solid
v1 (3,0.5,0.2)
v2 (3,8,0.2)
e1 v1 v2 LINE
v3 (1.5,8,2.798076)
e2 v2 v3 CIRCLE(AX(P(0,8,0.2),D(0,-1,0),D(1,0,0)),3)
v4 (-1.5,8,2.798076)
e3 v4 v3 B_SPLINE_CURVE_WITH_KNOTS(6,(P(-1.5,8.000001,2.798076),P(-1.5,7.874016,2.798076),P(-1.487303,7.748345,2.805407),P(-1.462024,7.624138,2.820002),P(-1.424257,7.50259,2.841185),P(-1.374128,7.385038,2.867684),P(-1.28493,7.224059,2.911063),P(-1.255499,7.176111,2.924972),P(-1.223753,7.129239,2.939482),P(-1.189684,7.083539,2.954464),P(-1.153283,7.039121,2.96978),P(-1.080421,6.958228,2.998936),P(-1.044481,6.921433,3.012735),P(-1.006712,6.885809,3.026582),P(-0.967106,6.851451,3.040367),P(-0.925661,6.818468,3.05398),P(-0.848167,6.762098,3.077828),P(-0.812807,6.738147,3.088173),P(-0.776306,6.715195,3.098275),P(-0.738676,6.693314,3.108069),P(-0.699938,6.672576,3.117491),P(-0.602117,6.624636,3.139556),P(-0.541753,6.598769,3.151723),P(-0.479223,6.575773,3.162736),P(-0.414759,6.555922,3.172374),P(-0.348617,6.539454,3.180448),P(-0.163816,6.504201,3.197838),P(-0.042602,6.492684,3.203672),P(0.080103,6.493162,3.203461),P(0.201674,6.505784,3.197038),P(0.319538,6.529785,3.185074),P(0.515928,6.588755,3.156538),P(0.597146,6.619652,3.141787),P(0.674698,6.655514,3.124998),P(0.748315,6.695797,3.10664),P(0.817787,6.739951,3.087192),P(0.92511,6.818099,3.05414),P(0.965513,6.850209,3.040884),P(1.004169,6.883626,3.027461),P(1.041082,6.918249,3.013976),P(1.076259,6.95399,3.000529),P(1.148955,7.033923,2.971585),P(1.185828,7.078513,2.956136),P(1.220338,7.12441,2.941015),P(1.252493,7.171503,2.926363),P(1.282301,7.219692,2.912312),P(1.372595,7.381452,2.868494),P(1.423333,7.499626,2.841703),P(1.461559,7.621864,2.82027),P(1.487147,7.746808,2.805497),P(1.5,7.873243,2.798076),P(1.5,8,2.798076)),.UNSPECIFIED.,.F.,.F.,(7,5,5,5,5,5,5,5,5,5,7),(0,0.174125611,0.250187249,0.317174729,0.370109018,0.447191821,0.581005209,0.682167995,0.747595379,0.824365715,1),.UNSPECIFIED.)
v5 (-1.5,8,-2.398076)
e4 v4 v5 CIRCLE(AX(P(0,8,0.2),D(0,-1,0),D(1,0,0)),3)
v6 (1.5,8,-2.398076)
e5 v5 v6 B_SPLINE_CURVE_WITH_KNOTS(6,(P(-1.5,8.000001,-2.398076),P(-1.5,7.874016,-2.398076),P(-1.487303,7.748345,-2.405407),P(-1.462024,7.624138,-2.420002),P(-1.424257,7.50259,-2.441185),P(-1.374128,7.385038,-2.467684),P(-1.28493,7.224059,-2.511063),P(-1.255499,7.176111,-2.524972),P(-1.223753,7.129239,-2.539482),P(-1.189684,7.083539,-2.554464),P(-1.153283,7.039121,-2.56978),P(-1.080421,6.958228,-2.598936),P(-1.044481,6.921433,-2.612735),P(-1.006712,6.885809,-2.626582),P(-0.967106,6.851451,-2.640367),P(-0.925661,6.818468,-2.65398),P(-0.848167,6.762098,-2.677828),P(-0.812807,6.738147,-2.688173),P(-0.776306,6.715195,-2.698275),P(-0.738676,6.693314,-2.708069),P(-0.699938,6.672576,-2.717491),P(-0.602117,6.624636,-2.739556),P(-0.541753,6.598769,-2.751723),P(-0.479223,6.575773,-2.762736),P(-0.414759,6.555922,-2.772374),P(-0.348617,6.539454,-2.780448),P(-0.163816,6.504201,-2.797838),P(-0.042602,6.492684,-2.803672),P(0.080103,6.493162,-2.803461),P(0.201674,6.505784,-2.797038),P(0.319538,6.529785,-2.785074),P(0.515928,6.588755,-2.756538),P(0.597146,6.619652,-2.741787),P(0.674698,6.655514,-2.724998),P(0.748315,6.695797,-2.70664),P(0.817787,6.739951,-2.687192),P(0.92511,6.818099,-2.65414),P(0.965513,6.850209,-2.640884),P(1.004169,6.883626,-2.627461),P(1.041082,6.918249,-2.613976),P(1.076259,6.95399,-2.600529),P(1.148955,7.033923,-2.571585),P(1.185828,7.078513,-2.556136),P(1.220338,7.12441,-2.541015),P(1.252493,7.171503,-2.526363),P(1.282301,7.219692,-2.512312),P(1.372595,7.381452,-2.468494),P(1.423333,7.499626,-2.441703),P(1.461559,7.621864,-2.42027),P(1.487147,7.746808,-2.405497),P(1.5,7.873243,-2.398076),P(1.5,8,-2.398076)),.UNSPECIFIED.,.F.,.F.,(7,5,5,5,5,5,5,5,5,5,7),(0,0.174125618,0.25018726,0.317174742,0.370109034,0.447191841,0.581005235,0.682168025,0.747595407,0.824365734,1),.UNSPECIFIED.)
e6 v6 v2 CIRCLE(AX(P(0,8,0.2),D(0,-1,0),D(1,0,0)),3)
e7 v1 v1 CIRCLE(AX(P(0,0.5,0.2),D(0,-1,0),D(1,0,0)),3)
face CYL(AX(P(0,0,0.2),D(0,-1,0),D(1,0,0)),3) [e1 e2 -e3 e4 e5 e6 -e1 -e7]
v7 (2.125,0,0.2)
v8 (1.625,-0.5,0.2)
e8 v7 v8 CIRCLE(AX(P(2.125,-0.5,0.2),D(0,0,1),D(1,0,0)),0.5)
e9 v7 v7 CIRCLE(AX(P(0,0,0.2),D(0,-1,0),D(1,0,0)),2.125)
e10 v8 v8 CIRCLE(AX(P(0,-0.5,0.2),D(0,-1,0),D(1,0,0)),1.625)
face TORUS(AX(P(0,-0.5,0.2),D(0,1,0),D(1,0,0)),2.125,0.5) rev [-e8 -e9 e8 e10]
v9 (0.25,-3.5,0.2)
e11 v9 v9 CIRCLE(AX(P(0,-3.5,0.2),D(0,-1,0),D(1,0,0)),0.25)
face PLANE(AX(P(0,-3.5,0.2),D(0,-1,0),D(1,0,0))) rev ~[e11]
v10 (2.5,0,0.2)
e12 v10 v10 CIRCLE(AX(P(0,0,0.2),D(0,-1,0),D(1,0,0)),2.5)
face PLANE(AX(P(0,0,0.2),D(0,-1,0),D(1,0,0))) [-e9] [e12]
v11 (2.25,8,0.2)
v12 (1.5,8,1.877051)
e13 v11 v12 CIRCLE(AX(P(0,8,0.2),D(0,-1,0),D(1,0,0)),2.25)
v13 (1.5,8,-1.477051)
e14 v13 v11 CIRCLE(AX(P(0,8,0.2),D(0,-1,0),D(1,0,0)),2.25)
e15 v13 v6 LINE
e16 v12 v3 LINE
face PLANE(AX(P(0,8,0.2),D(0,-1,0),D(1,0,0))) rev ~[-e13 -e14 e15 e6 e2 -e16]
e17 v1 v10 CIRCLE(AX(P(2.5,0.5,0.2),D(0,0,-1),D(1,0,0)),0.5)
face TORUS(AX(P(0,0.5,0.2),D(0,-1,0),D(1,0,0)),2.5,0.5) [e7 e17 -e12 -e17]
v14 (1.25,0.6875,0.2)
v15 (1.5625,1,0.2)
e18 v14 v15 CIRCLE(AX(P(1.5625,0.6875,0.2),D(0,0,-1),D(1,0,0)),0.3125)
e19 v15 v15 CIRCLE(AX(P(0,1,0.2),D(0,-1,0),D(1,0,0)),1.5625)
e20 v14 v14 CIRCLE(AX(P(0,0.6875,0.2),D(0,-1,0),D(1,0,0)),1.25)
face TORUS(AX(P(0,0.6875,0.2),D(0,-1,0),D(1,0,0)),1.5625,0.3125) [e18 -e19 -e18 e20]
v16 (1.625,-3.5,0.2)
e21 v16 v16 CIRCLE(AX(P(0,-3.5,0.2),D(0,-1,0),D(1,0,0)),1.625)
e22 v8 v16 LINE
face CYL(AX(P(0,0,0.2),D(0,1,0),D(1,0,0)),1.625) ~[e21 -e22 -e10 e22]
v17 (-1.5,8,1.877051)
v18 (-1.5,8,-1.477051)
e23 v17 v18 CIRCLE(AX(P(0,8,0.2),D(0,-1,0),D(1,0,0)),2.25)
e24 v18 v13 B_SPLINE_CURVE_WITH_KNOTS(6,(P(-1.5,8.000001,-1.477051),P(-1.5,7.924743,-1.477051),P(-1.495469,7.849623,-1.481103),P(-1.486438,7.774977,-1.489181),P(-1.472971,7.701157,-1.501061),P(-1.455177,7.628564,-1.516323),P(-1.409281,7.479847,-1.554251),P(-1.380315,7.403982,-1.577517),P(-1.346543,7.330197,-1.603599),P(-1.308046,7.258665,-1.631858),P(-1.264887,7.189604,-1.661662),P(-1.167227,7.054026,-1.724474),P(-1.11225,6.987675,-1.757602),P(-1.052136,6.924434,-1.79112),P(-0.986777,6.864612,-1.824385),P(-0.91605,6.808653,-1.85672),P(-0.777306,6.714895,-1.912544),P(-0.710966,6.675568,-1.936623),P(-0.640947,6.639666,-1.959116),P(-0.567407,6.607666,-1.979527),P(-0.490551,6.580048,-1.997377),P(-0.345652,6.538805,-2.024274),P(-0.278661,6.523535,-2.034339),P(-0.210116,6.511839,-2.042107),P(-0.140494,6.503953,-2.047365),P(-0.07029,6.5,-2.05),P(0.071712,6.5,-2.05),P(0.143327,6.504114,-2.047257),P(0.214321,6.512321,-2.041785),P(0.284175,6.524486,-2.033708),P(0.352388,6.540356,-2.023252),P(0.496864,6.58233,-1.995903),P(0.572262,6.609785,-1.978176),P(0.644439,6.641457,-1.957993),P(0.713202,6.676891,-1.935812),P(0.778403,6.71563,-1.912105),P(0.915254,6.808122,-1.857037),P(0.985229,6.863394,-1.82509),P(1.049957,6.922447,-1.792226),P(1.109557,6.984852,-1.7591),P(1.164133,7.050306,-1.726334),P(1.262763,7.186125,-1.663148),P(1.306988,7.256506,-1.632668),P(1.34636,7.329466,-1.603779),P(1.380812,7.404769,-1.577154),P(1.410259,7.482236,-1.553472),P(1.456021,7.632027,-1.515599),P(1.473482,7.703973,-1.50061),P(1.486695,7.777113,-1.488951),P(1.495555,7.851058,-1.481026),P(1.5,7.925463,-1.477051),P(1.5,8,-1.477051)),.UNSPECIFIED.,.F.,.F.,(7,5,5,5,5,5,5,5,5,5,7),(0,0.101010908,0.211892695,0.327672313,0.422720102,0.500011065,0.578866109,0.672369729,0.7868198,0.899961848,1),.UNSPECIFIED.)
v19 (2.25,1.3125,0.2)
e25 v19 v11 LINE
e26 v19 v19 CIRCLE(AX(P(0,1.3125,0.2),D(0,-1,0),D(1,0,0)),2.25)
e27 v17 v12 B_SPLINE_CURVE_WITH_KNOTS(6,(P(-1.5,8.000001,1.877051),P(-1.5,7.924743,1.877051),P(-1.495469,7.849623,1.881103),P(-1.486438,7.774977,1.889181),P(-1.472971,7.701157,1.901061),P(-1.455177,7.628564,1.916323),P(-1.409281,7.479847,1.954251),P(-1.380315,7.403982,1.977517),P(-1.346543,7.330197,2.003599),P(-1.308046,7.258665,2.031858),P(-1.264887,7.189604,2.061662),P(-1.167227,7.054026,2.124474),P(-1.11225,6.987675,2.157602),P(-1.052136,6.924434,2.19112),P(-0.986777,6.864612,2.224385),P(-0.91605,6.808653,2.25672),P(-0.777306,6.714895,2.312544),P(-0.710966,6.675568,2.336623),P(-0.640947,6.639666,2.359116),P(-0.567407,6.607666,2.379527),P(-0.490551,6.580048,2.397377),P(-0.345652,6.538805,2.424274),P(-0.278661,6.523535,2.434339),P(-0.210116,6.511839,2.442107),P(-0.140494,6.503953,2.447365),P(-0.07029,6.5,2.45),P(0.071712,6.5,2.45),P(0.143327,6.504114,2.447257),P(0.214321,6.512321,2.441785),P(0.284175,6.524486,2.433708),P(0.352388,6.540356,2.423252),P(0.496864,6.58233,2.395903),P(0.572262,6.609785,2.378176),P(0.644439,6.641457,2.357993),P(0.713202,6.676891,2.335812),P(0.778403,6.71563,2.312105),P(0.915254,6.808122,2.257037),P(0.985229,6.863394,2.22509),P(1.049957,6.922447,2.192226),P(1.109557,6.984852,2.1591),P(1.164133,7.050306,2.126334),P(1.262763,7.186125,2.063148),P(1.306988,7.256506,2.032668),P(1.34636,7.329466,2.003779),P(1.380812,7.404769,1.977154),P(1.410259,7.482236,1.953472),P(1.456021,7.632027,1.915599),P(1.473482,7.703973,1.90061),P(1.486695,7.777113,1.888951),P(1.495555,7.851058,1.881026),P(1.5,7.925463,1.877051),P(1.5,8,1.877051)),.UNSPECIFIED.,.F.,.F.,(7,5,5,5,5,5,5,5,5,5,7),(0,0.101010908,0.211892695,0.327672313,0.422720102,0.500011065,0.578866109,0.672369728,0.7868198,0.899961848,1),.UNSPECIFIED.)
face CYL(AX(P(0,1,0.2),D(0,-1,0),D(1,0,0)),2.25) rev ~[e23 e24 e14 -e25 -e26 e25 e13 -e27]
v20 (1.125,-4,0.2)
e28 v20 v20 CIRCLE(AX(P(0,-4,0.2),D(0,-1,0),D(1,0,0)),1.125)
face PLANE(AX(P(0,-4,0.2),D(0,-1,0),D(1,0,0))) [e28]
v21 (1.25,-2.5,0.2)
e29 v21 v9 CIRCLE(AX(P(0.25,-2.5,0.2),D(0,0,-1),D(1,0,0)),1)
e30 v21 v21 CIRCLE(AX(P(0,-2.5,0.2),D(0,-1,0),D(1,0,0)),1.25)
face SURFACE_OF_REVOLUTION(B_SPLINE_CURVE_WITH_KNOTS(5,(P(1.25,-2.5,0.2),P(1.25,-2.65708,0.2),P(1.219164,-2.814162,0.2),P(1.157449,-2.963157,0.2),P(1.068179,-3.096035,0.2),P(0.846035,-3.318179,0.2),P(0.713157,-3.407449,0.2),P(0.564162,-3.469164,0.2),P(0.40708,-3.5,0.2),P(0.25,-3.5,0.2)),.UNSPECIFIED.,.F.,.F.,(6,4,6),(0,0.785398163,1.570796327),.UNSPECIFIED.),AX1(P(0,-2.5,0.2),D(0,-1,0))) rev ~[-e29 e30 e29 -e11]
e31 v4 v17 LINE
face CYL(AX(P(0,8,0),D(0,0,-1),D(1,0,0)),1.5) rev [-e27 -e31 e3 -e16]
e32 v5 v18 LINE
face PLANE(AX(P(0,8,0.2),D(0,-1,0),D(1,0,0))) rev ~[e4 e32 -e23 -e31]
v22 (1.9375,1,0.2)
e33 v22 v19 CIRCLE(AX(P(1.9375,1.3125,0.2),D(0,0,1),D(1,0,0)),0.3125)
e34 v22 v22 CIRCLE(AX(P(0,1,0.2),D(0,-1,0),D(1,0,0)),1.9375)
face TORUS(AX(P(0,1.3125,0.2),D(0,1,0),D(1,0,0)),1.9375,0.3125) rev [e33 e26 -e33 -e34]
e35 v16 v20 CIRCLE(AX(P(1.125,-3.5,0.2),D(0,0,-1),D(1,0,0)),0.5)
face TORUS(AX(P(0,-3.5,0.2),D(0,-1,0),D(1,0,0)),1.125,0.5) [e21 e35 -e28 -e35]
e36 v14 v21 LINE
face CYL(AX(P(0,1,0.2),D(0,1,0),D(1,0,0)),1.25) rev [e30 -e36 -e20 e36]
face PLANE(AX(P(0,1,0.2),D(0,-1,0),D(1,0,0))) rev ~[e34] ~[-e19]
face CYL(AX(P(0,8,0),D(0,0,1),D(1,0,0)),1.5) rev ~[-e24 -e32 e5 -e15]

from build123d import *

# Parameters (mm, degrees)
SKETCH010_R          = 3
PAD002_DEPTH         = 8
SKETCH011_R          = 1.625
PAD003_DEPTH         = 4
SKETCH012_R          = 2.25
POCKET_DEPTH         = 7.001
SKETCH013_R          = 1.25
POCKET001_DEPTH      = 4.5
FILLET_R             = 0.5
FILLET001_R          = 1
FILLET002_R          = 0.3125
SKETCH014_R          = 1.5
POCKET002_DEPTH      = 2.801
POCKET002_DEPTH_BACK = 3.201


with BuildPart() as part:
    # Sketch010 → Pad002 (new body)
    with BuildSketch(Plane.XZ):
        with Locations((0, 0.2)):
            Circle(SKETCH010_R)
    extrude(amount=-PAD002_DEPTH)

    # Sketch011 → Pad003 (join)
    with BuildSketch(Plane.XZ):
        with Locations((0, 0.2)):
            Circle(SKETCH011_R)
    extrude(amount=PAD003_DEPTH)

    # Sketch012 → Pocket (cut, through all)
    with BuildSketch(Plane.XZ.offset(-1)):
        with Locations((0, 0.2)):
            Circle(SKETCH012_R)
    extrude(amount=-POCKET_DEPTH, mode=Mode.SUBTRACT)

    # Sketch013 → Pocket001 (cut)
    with BuildSketch(Plane.XZ.offset(-1)):
        with Locations((0, 0.2)):
            Circle(SKETCH013_R)
    extrude(amount=POCKET001_DEPTH, mode=Mode.SUBTRACT)

    # Fillet
    fillet_edges = [part.edges().sort_by_distance(p)[0] for p in [
        (-1.625, -4, 0.2),
        (-1.625, 0, 0.2),
        (-3, 0, 0.2),
    ]]
    fillet(fillet_edges, radius=FILLET_R)

    # Fillet001
    fillet001_edges = [part.edges().sort_by_distance(p)[0] for p in [
        (-1.25, -3.5, 0.2),
    ]]
    fillet(fillet001_edges, radius=FILLET001_R)

    # Fillet002
    fillet002_edges = [part.edges().sort_by_distance(p)[0] for p in [
        (-1.25, 1, 0.2),
        (-2.25, 1, 0.2),
    ]]
    fillet(fillet002_edges, radius=FILLET002_R)

    # Sketch014 → Pocket002 (cut, two sides)
    with BuildSketch(Plane.XY) as pocket002_sk:
        with Locations((0, 8)):
            Circle(SKETCH014_R)
    extrude(amount=-POCKET002_DEPTH, mode=Mode.SUBTRACT)
    extrude(pocket002_sk.sketch, amount=POCKET002_DEPTH_BACK, mode=Mode.SUBTRACT)


solid = part.part
